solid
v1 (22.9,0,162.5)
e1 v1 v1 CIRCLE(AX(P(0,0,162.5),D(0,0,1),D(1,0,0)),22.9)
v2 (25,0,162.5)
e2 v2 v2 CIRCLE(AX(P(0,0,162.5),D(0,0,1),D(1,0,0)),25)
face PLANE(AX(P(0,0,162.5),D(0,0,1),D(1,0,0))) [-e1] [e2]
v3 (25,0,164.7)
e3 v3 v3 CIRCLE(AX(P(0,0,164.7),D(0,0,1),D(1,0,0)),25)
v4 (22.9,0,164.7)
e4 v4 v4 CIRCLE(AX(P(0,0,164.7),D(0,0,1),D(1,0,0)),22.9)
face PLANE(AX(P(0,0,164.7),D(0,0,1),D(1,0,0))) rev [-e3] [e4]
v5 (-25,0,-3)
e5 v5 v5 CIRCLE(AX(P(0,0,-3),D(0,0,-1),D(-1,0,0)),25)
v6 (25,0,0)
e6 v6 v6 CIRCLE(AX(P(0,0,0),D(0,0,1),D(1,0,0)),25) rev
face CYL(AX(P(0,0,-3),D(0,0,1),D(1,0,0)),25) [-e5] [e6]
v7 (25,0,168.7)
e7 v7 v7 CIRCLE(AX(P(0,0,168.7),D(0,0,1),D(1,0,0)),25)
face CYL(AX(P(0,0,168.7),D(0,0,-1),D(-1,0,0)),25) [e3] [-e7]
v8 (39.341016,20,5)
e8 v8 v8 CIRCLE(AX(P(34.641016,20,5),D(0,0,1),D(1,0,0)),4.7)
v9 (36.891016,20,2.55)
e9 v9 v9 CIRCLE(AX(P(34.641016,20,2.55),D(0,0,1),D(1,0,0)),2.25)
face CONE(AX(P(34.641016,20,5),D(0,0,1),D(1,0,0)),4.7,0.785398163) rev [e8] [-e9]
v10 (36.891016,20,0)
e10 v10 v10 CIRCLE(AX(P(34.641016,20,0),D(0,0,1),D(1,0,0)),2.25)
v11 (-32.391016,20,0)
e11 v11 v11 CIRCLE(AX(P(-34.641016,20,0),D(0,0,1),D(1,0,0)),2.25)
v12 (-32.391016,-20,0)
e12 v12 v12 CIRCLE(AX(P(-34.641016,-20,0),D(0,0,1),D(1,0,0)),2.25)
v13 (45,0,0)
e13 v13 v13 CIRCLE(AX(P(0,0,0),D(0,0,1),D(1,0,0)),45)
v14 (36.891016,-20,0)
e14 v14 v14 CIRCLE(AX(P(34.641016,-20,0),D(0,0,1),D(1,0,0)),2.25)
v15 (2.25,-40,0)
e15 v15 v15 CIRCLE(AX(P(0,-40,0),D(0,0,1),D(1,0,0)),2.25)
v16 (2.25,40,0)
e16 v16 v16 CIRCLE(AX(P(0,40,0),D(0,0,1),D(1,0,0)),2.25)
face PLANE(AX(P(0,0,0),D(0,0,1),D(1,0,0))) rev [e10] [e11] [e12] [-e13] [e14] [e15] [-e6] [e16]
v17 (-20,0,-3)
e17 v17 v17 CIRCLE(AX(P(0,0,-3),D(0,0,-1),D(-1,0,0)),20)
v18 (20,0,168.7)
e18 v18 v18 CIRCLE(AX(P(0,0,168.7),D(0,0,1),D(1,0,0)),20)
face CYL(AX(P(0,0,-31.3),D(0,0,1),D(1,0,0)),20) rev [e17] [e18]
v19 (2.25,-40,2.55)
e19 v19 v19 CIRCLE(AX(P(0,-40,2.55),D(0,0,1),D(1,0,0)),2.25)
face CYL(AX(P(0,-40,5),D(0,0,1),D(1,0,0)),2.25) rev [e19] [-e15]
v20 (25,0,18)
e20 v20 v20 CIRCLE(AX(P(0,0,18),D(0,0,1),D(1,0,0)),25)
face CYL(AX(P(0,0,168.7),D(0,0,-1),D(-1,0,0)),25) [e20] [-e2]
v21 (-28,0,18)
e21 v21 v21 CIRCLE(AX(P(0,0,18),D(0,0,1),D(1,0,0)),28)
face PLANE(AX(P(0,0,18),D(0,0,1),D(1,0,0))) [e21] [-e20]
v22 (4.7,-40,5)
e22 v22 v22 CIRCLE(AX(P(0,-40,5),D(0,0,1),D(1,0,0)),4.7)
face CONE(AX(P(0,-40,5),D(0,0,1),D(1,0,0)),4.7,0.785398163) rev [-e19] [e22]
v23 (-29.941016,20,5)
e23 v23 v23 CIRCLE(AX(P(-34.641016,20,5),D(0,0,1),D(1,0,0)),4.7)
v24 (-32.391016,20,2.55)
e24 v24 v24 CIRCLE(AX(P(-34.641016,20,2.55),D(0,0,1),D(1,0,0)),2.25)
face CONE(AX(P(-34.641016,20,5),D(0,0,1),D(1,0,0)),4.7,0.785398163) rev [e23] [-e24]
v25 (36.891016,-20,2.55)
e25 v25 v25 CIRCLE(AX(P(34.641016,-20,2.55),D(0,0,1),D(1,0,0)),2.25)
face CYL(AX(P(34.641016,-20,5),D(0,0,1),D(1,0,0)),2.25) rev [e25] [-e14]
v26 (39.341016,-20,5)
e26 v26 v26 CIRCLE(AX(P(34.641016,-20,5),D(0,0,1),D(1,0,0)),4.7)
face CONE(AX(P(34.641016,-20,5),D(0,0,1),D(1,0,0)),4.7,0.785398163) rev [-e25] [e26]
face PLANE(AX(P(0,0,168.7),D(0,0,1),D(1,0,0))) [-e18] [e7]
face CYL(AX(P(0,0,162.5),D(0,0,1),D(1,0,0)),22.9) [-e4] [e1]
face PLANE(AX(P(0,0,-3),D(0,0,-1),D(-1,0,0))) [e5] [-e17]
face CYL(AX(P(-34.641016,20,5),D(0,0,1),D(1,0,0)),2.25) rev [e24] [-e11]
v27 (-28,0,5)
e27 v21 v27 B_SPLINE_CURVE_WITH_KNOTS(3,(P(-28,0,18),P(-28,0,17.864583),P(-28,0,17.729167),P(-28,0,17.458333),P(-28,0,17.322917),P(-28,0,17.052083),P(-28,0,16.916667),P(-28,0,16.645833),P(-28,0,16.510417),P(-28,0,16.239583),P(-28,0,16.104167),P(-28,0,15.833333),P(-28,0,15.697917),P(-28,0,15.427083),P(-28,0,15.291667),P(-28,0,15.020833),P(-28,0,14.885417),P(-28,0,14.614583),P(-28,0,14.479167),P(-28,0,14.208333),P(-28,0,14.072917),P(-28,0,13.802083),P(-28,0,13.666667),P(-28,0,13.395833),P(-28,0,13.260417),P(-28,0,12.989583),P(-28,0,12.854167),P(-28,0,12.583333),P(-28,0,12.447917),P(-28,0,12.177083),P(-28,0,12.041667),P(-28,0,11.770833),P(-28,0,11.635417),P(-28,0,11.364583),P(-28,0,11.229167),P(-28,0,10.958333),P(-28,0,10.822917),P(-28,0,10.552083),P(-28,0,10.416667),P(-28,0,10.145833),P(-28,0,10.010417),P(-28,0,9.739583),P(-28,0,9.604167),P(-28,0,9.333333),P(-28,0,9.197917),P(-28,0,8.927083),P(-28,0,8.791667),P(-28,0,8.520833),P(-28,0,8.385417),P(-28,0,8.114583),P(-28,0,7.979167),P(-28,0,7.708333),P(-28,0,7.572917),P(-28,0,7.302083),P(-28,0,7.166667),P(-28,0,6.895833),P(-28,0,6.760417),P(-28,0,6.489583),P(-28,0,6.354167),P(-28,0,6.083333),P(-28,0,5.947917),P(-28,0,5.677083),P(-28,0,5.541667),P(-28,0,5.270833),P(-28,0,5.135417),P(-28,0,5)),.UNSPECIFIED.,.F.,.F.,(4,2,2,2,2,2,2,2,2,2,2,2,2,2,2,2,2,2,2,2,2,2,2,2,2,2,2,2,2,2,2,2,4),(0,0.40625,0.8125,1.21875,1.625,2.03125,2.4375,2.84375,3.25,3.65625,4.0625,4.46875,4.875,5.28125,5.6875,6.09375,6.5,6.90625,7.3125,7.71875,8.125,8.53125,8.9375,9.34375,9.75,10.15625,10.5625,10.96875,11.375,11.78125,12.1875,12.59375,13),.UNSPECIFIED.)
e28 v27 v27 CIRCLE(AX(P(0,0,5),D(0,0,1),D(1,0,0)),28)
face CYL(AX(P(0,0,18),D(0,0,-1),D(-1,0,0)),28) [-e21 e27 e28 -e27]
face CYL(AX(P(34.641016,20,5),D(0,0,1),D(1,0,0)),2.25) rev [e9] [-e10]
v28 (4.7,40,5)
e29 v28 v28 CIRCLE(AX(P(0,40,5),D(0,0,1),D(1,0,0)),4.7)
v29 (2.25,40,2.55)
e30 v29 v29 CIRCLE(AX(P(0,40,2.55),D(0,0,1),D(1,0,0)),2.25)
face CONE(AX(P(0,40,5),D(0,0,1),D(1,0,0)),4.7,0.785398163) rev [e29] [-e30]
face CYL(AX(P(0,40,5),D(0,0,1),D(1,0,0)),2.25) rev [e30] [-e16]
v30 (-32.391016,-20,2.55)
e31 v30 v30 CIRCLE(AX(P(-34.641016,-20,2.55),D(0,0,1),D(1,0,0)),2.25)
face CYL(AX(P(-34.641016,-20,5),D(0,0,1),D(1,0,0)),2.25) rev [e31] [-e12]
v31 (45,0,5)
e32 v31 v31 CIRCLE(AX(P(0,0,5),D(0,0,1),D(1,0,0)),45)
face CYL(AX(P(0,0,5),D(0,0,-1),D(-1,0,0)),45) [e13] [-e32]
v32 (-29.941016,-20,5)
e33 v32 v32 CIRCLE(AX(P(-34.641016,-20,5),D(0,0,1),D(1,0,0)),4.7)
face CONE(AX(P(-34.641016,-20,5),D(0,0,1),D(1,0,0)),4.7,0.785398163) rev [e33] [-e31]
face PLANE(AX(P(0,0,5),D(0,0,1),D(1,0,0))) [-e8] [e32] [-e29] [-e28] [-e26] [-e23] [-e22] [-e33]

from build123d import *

# Parameters (mm, degrees)
SKETCH1_R                                       = 45
SKETCH1_R_2                                     = 2
EXTRUDE1_DEPTH                                  = 5
SKETCH2_R                                       = 28
EXTRUDE2_DEPTH                                  = 13
SKETCH3_R                                       = 25
EXTRUDE3_DEPTH                                  = 150.7
SKETCH4_R                                       = 20
CUT_EXTRUDE1_DEPTH                              = 200
CUT_EXTRUDE2_START                              = -6.2
SKETCH5_R                                       = 25
SKETCH5_R_2                                     = 22.9
CUT_EXTRUDE2_DEPTH                              = 2.2
BOSS_EXTRUDE1_START                             = 3
SKETCH6_R                                       = 25
SKETCH6_R_2                                     = 20
BOSS_EXTRUDE1_DEPTH                             = 3
CSK_FOR_M4_FLAT_HEAD_MACHINE_SCREW1_D           = 4.5
CSK_FOR_M4_FLAT_HEAD_MACHINE_SCREW1_CSINK_D     = 9.4
CSK_FOR_M4_FLAT_HEAD_MACHINE_SCREW1_CSINK_ANGLE = 90


with BuildPart() as part:
    # Sketch1 → Extrude1 (new body)
    with BuildSketch(Plane.XY):
        Circle(SKETCH1_R)
        with Locations((-34.641016151, -20)):
            Circle(SKETCH1_R_2, mode=Mode.SUBTRACT)
        with Locations((-34.641016151, 20)):
            Circle(SKETCH1_R_2, mode=Mode.SUBTRACT)
        with Locations((0, 40)):
            Circle(SKETCH1_R_2, mode=Mode.SUBTRACT)
        with Locations((0, -40)):
            Circle(SKETCH1_R_2, mode=Mode.SUBTRACT)
        with Locations((34.641016151, 20)):
            Circle(SKETCH1_R_2, mode=Mode.SUBTRACT)
        with Locations((34.641016151, -20)):
            Circle(SKETCH1_R_2, mode=Mode.SUBTRACT)
    extrude(amount=EXTRUDE1_DEPTH)

    # Sketch2 → Extrude2 (add)
    with BuildSketch(Plane.XY.offset(5)):
        with Locations(Location((0, 0, 0), (0, 0, 180))):
            Circle(SKETCH2_R)
    extrude(amount=EXTRUDE2_DEPTH)

    # Sketch3 → Extrude3 (add)
    with BuildSketch(Plane.XY.offset(18)):
        Circle(SKETCH3_R)
    extrude(amount=EXTRUDE3_DEPTH)

    # Sketch4 → Cut-Extrude1 (cut)
    with BuildSketch(Plane.XY.offset(168.7)):
        Circle(SKETCH4_R)
    extrude(amount=-CUT_EXTRUDE1_DEPTH, mode=Mode.SUBTRACT)

    # Sketch5 → Cut-Extrude2 (cut)
    with BuildSketch(Plane.XY.offset(168.7).offset(CUT_EXTRUDE2_START)):
        Circle(SKETCH5_R)
        Circle(SKETCH5_R_2, mode=Mode.SUBTRACT)
    extrude(amount=CUT_EXTRUDE2_DEPTH, mode=Mode.SUBTRACT)

    # Sketch6 → Boss-Extrude1 (add)
    with BuildSketch(Plane(origin=(0, 0, 0), x_dir=(-1, 0, 0), z_dir=(0, 0, -1)).offset(BOSS_EXTRUDE1_START)):
        with Locations(Location((0, 0, 0), (0, 0, 180))):
            Circle(SKETCH6_R)
        with Locations(Location((0, 0, 0), (0, 0, 180))):
            Circle(SKETCH6_R_2, mode=Mode.SUBTRACT)
    extrude(amount=-BOSS_EXTRUDE1_DEPTH)

    # CSK for M4 Flat Head Machine Screw1 (through all)
    with Locations(Plane.XY.offset(5)):
        with Locations((34.641016151, -20), (0, -40), (-34.641016151, -20), (-34.641016151, 20), (0, 40), (34.641016151, 20)):
            CounterSinkHole(CSK_FOR_M4_FLAT_HEAD_MACHINE_SCREW1_D / 2, CSK_FOR_M4_FLAT_HEAD_MACHINE_SCREW1_CSINK_D / 2, counter_sink_angle=CSK_FOR_M4_FLAT_HEAD_MACHINE_SCREW1_CSINK_ANGLE)


solid = part.part
